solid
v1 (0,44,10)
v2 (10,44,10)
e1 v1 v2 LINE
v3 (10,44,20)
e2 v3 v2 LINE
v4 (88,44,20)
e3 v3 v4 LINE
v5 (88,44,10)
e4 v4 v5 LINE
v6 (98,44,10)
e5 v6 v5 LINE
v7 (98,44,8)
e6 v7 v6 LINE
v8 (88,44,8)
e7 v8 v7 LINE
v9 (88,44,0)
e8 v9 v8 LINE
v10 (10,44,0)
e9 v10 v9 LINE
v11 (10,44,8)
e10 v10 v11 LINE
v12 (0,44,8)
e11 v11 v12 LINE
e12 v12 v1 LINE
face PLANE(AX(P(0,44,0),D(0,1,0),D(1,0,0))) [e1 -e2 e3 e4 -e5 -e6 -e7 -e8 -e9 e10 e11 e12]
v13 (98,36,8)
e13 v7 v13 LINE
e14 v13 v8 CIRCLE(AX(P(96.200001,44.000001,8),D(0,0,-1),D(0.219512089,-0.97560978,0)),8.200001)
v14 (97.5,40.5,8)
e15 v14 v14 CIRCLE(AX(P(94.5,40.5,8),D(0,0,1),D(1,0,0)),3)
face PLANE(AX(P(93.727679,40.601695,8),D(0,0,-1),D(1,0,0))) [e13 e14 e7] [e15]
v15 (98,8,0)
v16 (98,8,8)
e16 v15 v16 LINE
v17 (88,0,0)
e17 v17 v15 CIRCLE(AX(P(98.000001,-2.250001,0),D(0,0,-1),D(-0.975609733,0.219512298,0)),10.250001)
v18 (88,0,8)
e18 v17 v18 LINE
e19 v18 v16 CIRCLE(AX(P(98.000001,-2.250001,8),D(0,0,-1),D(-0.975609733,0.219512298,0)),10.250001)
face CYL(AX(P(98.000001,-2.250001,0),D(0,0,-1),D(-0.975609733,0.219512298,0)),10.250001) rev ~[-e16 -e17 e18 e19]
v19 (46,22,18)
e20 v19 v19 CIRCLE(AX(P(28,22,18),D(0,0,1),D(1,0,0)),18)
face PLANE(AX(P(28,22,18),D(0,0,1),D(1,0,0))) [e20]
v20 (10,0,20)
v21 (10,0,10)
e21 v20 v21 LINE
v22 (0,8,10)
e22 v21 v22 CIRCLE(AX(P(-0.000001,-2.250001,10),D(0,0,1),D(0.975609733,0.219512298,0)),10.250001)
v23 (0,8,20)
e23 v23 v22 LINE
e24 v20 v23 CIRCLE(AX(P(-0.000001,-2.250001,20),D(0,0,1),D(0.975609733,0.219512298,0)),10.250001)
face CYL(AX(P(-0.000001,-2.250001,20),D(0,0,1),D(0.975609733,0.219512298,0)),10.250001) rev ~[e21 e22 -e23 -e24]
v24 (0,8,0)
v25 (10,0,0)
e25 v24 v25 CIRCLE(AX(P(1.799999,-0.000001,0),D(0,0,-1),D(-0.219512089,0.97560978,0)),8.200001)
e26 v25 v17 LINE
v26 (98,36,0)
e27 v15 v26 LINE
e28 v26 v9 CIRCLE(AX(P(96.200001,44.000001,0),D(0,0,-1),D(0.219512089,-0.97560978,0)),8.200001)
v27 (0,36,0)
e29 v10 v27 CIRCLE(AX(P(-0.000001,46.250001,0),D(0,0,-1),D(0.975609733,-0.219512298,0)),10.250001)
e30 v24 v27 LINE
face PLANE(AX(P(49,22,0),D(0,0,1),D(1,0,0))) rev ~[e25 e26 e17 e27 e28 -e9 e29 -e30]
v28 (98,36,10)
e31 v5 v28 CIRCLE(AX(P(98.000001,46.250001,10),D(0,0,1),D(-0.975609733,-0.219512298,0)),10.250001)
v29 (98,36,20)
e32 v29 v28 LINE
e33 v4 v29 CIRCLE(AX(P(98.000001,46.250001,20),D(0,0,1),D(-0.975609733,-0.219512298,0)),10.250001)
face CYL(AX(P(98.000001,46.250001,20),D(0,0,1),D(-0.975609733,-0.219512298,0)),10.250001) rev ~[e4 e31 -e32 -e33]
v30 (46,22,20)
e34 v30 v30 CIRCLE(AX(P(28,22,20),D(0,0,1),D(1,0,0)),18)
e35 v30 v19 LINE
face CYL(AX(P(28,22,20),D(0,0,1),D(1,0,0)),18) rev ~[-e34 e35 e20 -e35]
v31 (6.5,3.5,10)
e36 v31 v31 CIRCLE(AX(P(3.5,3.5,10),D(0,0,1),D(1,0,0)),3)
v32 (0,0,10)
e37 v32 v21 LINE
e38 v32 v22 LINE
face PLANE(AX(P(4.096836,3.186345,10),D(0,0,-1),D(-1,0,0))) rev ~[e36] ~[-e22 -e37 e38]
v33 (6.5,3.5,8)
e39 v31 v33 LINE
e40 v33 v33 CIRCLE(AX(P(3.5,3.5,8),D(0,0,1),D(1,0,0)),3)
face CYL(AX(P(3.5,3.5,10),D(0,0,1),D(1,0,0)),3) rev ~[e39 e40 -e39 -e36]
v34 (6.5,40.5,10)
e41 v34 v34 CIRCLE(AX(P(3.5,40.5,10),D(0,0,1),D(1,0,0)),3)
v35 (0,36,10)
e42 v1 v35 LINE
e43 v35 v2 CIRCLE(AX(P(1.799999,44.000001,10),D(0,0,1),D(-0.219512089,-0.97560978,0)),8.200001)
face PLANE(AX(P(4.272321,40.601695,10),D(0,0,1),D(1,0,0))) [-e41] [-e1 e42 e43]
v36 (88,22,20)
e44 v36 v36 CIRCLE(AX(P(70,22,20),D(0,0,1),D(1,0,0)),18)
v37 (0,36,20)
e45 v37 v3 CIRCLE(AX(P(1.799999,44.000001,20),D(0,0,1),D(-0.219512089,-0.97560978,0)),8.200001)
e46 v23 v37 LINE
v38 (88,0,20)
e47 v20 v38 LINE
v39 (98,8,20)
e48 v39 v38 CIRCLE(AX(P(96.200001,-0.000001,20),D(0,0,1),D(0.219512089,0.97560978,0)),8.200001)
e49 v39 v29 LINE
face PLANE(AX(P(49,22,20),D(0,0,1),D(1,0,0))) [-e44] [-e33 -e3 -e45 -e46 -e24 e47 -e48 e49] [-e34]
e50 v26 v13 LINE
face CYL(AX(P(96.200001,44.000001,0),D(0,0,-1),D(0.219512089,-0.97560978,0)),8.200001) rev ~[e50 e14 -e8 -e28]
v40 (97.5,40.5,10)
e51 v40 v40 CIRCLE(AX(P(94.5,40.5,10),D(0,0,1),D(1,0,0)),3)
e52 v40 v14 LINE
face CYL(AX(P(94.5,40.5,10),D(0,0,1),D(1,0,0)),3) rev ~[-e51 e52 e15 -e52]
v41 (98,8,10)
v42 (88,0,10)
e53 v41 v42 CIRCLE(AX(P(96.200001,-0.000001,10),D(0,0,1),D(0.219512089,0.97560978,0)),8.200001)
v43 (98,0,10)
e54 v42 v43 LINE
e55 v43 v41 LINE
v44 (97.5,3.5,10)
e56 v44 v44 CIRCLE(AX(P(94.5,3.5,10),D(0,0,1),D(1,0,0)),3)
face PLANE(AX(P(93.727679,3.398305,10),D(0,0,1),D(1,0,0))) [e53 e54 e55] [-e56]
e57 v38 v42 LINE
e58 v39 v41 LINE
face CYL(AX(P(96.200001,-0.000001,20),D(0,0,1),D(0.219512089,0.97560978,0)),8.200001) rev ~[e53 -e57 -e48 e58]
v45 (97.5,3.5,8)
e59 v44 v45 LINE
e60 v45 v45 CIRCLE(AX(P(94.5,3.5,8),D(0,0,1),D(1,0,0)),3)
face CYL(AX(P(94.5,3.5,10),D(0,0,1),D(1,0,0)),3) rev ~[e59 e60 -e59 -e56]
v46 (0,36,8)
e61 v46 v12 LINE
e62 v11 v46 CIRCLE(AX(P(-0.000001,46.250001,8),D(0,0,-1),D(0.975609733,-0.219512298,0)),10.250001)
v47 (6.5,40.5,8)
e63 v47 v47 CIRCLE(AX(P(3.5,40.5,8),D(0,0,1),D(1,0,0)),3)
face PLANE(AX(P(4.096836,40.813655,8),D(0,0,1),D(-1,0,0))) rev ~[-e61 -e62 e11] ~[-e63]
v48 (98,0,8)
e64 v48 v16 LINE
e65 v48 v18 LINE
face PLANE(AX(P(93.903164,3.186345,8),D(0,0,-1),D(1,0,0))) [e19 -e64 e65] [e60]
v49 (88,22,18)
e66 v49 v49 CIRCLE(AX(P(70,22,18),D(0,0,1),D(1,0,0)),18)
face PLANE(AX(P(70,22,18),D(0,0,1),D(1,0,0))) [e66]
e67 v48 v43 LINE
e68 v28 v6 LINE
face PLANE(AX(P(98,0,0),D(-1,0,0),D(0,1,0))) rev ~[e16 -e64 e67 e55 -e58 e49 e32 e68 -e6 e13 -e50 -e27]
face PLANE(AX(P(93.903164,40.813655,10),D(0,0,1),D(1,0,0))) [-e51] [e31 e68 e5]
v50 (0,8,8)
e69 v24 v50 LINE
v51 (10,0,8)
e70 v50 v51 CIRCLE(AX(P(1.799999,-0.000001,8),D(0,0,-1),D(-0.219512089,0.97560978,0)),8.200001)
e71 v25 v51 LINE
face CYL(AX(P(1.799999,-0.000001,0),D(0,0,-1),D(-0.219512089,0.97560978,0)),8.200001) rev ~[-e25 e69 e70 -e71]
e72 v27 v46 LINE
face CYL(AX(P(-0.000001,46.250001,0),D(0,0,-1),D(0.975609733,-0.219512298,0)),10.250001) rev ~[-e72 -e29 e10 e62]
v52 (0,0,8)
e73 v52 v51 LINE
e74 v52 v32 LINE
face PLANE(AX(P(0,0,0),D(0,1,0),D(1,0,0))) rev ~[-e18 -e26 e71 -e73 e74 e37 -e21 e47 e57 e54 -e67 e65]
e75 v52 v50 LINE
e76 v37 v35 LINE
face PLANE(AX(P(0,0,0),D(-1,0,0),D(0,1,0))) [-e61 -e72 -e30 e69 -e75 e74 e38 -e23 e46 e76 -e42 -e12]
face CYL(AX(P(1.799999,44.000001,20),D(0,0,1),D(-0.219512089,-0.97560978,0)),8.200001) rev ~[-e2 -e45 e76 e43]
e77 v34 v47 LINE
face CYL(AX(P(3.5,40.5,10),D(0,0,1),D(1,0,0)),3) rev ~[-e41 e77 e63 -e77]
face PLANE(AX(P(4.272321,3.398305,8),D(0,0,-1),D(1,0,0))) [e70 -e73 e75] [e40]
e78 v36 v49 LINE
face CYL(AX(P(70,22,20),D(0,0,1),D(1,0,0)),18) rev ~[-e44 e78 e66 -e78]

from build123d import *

# Parameters (mm, degrees)
SKETCH_W        = 98
SKETCH_H        = 44
PAD_DEPTH       = 20
POCKET_DEPTH    = 10
POCKET001_DEPTH = 8
SKETCH003_R     = 3
HOLE_DEPTH      = 25
SKETCH004_R     = 18
POCKET002_DEPTH = 2


with BuildPart() as part:
    # Sketch → Pad (new body)
    with BuildSketch(Plane.XY):
        with Locations((49, 22)):
            Rectangle(SKETCH_W, SKETCH_H)
    extrude(amount=PAD_DEPTH)

    # Sketch001 (on Face6 of Pad) → Pocket (cut)
    with BuildSketch(Plane.XY.offset(20)):
        with BuildLine():
            Line((0, 44), (0, 36))
            ThreePointArc((0, 36), (6.922499, 37.596876), (10, 44))
            Line((0, 44), (10, 44))
        make_face()
        with BuildLine():
            Line((0, 0), (0, 8))
            ThreePointArc((10, 0), (6.403124, 5.753905), (0, 8))
            Line((0, 0), (10, 0))
        make_face()
        with BuildLine():
            Line((98, 36), (98, 44))
            Line((98, 44), (88, 44))
            ThreePointArc((88, 44), (91.596876, 38.246095), (98, 36))
        make_face()
        with BuildLine():
            Line((88, 0), (98, 0))
            Line((98, 0), (98, 8))
            ThreePointArc((98, 8), (91.077501, 6.403124), (88, 0))
        make_face()
    extrude(amount=-POCKET_DEPTH, mode=Mode.SUBTRACT)

    # Sketch002 (on Face2 of Pocket) → Pocket001 (cut)
    with BuildSketch(Plane(origin=(0, 0, 0), x_dir=(1, 0, 0), z_dir=(0, 0, -1))):
        with BuildLine():
            Line((10, -44), (0, -44))
            Line((0, -36), (0, -44))
            ThreePointArc((10, -44), (6.403124, -38.246095), (0, -36))
        make_face()
        with BuildLine():
            Line((0, 0), (0, -8))
            ThreePointArc((0, -8), (6.922499, -6.403124), (10, 0))
            Line((0, 0), (10, 0))
        make_face()
        with BuildLine():
            Line((98, 0), (88, 0))
            ThreePointArc((88, 0), (91.596876, -5.753905), (98, -8))
            Line((98, 0), (98, -8))
        make_face()
        with BuildLine():
            Line((88, -44), (98, -44))
            Line((98, -44), (98, -36))
            ThreePointArc((98, -36), (91.077501, -37.596876), (88, -44))
        make_face()
    extrude(amount=-POCKET001_DEPTH, mode=Mode.SUBTRACT)

    # Sketch003 (on Face21 of Pocket001) → Hole (cut)
    with BuildSketch(Plane.XY.offset(10)):
        with Locations((3.5, 3.5)):
            Circle(SKETCH003_R)
        with Locations((3.5, 40.5)):
            Circle(SKETCH003_R)
        with Locations((94.5, 40.5)):
            Circle(SKETCH003_R)
        with Locations((94.5, 3.5)):
            Circle(SKETCH003_R)
    extrude(amount=-HOLE_DEPTH, mode=Mode.SUBTRACT)

    # Sketch004 (on Face8 of Hole) → Pocket002 (cut)
    with BuildSketch(Plane.XY.offset(20)):
        with Locations((28, 22)):
            Circle(SKETCH004_R)
        with Locations((70, 22)):
            Circle(SKETCH004_R)
    extrude(amount=-POCKET002_DEPTH, mode=Mode.SUBTRACT)


solid = part.part
